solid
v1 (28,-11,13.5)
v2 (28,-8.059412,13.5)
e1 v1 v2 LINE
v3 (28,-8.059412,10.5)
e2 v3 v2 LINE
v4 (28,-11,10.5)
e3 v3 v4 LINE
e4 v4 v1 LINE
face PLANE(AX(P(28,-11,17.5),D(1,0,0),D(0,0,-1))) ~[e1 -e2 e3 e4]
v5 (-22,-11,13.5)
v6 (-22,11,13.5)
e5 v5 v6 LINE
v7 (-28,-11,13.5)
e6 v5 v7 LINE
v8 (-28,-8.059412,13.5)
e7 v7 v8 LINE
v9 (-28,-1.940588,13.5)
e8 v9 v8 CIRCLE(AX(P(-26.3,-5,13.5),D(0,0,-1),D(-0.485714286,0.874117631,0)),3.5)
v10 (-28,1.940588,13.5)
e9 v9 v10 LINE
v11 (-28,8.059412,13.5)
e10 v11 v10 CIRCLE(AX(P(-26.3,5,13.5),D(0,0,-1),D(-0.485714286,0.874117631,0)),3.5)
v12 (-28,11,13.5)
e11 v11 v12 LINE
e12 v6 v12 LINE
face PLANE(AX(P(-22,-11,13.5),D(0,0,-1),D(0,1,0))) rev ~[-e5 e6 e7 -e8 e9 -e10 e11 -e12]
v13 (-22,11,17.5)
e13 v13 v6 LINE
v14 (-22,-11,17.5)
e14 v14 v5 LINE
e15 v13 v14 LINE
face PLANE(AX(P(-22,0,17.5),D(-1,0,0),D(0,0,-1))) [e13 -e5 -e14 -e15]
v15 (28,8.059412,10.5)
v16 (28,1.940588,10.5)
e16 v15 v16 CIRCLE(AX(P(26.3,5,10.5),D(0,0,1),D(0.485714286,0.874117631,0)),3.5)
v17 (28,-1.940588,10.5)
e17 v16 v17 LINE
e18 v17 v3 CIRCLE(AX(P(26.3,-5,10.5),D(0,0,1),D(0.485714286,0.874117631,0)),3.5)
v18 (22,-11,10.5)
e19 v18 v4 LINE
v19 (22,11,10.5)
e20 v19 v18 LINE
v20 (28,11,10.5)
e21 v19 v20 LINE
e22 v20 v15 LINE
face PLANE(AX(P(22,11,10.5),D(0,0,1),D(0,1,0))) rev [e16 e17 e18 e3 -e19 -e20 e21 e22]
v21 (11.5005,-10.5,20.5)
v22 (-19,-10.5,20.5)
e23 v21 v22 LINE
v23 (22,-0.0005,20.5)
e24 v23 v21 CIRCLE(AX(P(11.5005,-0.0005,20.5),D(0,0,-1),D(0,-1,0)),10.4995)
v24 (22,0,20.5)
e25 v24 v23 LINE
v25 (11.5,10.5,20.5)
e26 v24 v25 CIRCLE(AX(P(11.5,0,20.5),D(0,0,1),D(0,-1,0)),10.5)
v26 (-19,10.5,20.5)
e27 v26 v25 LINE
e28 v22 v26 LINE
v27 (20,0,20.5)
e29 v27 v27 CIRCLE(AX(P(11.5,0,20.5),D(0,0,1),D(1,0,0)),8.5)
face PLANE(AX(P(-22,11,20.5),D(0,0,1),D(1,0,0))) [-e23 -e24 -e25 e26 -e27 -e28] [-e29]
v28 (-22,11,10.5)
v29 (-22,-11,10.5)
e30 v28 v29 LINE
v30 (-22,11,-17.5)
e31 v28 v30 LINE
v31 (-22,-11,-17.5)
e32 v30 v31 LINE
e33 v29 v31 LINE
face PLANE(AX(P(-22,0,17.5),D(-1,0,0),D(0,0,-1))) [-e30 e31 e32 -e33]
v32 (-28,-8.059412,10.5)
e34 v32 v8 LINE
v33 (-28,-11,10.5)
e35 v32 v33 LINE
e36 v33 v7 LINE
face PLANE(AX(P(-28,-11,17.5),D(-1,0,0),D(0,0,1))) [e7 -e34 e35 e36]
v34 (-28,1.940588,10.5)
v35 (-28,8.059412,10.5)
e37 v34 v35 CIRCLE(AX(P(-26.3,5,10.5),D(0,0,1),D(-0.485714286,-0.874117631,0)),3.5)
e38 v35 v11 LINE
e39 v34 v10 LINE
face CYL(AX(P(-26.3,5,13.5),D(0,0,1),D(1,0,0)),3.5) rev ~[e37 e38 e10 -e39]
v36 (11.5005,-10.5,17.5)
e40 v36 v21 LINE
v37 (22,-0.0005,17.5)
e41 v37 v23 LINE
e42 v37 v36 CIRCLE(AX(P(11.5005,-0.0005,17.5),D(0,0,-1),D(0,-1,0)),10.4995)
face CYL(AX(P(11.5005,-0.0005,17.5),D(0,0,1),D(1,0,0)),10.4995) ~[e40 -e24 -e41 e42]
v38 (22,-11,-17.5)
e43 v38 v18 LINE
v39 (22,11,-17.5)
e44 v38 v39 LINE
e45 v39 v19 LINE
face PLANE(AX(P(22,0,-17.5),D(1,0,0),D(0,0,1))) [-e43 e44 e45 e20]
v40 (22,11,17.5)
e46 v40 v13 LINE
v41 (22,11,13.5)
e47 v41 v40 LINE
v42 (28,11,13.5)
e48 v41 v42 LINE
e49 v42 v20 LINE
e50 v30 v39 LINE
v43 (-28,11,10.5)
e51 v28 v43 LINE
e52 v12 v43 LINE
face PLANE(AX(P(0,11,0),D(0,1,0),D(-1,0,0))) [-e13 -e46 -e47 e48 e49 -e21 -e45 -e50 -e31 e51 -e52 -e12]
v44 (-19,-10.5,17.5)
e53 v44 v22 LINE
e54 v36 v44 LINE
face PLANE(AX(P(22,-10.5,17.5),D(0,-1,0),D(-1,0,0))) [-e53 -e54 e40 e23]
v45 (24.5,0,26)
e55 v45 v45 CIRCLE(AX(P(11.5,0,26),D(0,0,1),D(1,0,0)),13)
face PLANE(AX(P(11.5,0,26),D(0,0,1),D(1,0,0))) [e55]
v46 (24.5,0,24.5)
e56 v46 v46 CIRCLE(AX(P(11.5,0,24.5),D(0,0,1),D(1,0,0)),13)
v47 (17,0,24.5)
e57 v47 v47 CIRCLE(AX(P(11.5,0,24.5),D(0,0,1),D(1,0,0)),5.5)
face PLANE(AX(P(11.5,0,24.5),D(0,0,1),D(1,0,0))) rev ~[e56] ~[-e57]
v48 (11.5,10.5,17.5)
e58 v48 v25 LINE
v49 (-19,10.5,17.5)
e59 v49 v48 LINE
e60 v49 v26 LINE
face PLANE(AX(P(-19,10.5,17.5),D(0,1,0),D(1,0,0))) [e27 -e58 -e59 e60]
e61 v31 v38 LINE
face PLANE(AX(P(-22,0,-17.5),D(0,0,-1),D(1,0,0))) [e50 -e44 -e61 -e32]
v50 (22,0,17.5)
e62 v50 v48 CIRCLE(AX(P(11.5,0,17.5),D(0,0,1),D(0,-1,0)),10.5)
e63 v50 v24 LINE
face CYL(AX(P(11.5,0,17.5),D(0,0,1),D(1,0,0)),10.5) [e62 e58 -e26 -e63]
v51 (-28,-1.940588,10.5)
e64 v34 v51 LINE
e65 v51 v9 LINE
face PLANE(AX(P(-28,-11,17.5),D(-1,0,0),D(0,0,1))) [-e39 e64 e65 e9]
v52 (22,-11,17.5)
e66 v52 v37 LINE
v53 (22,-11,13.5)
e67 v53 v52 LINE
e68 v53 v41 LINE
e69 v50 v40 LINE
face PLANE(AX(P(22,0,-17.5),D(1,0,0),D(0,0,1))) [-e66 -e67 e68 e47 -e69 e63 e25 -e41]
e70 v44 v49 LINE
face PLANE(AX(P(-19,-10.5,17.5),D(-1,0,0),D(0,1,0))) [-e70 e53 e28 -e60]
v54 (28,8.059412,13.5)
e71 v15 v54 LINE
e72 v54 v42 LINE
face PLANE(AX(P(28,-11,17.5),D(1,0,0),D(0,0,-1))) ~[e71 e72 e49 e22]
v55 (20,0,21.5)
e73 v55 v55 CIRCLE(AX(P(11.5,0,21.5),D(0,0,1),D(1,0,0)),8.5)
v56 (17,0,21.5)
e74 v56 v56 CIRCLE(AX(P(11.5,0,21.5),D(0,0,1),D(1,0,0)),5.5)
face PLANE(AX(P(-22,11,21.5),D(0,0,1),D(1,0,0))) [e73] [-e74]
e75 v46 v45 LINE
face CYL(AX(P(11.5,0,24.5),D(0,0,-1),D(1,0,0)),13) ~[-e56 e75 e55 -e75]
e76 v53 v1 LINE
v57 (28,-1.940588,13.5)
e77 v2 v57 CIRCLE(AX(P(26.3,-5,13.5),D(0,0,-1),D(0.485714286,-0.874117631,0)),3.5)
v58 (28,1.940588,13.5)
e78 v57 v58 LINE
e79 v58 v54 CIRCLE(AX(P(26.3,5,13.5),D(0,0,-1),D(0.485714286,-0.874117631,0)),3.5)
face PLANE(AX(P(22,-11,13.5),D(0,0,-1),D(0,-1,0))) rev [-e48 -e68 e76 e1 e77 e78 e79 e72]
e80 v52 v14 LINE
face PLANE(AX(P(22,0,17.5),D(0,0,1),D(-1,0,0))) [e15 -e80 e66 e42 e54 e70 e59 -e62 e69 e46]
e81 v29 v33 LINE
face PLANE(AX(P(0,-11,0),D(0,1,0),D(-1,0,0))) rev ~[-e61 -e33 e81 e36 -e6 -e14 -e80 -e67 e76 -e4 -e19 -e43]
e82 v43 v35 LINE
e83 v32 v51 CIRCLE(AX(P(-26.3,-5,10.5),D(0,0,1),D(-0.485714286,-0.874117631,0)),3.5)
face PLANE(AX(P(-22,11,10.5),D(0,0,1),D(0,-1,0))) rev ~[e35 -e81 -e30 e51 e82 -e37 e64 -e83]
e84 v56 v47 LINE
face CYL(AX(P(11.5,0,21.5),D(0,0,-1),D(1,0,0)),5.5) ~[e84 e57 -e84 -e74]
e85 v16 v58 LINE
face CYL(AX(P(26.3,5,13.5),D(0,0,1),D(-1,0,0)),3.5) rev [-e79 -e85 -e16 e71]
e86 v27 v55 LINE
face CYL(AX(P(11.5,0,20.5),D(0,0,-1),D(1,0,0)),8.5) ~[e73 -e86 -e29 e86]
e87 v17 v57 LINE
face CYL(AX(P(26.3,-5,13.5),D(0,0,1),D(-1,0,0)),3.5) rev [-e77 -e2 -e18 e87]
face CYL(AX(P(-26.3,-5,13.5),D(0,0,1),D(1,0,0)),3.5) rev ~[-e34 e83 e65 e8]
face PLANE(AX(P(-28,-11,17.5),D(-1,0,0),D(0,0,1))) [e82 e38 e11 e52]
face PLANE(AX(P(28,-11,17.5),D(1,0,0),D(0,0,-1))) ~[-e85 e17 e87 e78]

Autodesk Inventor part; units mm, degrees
ref_plane "YZ Plane" through (0, 0, 0) normal (1, 0, 0) x (0, 1, 0)
ref_plane "XZ Plane" through (0, 0, 0) normal (0, 1, 0) x (-1, 0, 0)
ref_plane "XY Plane" through (0, 0, 0) normal (0, 0, 1) x (1, 0, 0)
sketch "Sketch1" plane through (0, 0, 0) normal (0, 1, 0) x (-1, 0, 0)
  line L0 (-22, 17.5) -> (22, 17.5)
  line L1 (22, 17.5) -> (22, -17.5)
  line L2 (22, -17.5) -> (-22, -17.5)
  line L3 (-22, -17.5) -> (-22, 17.5)
  line L4 (-22, 17.5) -> (22, -17.5) construction
  line L5 (22, 17.5) -> (-22, -17.5) construction
  point P0 (0, 0)
  dimension "d0" = 44
  dimension "d1" = 35
extrude "Extrusion1" add sketch "Sketch1" along normal mid plane 22
sketch "Sketch2" plane through (-22, 11, 17.5) normal (0, 0, 1) x (1, 0, 0)
  line L0 (3, -0.5) -> (44, -0.5)
  line L1 (44, -0.5) -> (44, -21.5)
  line L2 (44, -21.5) -> (3, -21.5)
  line L3 (3, -21.5) -> (3, -0.5)
  line L4 (0, 0) -> (0, -22) projected
  line L5 (44, 0) -> (0, 0) projected
  line L6 (0, -22) -> (44, -22) projected
  line L7 (44, 0) -> (44, -22) projected
  point P0 (22, -11)
  dimension "d4" = 3
  dimension "d5" = 0.5
  dimension "d6" = 0.5
  dimension "d7" = 0
extrude "Extrusion2" add sketch "Sketch2" along normal blind 3 contours L0 L1 L2 L3
fillet "Fillet1" radius 10.5 1 edges at (22, 10.5, 19)
fillet "Fillet2" radius 10.5 1 edges at (22, -10.5, 19)
sketch "Sketch3" plane through (-22, 11, 20.5) normal (0, 0, 1) x (1, 0, 0)
  circle A0 centre (33.5, -11) radius 8.5
  arc A1 (33.5, -21.5) -> (33.5, -0.5) centre (33.5, -11) ccw projected
  point P0 (22, -11)
  dimension "d13" = 2
extrude "Extrusion3" add sketch "Sketch3" along normal blind 1
sketch "Sketch4" plane through (11.5, 0, 21.5) normal (0, 0, 1) x (1, 0, 0)
  circle A0 centre (0, 0) radius 5.5
  circle A1 centre (0, 0) radius 8.5 projected
  point P0 (-11.5, 0)
  dimension "d16" = 3
extrude "Extrusion4" add sketch "Sketch4" along normal blind 3 contours A0
sketch "Sketch5" plane through (11.5, 0, 24.5) normal (0, 0, 1) x (1, 0, 0)
  circle A0 centre (0, 0) radius 13
  point P0 (-11.5, 0)
  dimension "d19" = 26
extrude "Extrusion5" add sketch "Sketch5" along normal blind 1.5
sketch "Sketch7" plane through (-22, -11, 17.5) normal (-1, 0, 0) x (0, 0, 1)
  line L0 (-4, 22) -> (-7, 22)
  line L1 (-7, 22) -> (-7, 0)
  line L2 (-7, 0) -> (-4, 0)
  line L3 (-4, 0) -> (-4, 22)
  line L4 (0, 22) -> (0, 0) projected
  line L5 (-35, 22) -> (0, 22) projected
  line L6 (-35, 0) -> (0, 0) projected
  point P0 (-17.5, 11)
  dimension "d22" = 4
  dimension "d23" = 3
  dimension "d24" = 0
  dimension "d25" = 0
extrude "Extrusion6" add sketch "Sketch7" along normal blind 6 contours L3 L2 L1 L0
sketch "Sketch8" plane through (-22, -11, 13.5) normal (0, 0, 1) x (1, 0, 0)
  circle A0 centre (-4.3, 16) radius 3.5
  circle A1 centre (-4.3, 6) radius 3.5
  line L0 (0, 0) -> (-6, 0) projected
  line L1 (0, 22) -> (-6, 22) projected
  line L2 (-6, 0) -> (-6, 22) projected
  point P0 (22, 11)
  dimension "d28" = 7
  dimension "d29" = 6
  dimension "d30" = 7
  dimension "d31" = 6
  dimension "d32" = 1.7
  dimension "d33" = 1.7
extrude "Extrusion7" cut sketch "Sketch8" against normal through all
mirror "Mirror1" about plane through (0, 0, 0) normal (1, 0, 0) of "Extrusion6", "Extrusion7"
properties part number "servo"
